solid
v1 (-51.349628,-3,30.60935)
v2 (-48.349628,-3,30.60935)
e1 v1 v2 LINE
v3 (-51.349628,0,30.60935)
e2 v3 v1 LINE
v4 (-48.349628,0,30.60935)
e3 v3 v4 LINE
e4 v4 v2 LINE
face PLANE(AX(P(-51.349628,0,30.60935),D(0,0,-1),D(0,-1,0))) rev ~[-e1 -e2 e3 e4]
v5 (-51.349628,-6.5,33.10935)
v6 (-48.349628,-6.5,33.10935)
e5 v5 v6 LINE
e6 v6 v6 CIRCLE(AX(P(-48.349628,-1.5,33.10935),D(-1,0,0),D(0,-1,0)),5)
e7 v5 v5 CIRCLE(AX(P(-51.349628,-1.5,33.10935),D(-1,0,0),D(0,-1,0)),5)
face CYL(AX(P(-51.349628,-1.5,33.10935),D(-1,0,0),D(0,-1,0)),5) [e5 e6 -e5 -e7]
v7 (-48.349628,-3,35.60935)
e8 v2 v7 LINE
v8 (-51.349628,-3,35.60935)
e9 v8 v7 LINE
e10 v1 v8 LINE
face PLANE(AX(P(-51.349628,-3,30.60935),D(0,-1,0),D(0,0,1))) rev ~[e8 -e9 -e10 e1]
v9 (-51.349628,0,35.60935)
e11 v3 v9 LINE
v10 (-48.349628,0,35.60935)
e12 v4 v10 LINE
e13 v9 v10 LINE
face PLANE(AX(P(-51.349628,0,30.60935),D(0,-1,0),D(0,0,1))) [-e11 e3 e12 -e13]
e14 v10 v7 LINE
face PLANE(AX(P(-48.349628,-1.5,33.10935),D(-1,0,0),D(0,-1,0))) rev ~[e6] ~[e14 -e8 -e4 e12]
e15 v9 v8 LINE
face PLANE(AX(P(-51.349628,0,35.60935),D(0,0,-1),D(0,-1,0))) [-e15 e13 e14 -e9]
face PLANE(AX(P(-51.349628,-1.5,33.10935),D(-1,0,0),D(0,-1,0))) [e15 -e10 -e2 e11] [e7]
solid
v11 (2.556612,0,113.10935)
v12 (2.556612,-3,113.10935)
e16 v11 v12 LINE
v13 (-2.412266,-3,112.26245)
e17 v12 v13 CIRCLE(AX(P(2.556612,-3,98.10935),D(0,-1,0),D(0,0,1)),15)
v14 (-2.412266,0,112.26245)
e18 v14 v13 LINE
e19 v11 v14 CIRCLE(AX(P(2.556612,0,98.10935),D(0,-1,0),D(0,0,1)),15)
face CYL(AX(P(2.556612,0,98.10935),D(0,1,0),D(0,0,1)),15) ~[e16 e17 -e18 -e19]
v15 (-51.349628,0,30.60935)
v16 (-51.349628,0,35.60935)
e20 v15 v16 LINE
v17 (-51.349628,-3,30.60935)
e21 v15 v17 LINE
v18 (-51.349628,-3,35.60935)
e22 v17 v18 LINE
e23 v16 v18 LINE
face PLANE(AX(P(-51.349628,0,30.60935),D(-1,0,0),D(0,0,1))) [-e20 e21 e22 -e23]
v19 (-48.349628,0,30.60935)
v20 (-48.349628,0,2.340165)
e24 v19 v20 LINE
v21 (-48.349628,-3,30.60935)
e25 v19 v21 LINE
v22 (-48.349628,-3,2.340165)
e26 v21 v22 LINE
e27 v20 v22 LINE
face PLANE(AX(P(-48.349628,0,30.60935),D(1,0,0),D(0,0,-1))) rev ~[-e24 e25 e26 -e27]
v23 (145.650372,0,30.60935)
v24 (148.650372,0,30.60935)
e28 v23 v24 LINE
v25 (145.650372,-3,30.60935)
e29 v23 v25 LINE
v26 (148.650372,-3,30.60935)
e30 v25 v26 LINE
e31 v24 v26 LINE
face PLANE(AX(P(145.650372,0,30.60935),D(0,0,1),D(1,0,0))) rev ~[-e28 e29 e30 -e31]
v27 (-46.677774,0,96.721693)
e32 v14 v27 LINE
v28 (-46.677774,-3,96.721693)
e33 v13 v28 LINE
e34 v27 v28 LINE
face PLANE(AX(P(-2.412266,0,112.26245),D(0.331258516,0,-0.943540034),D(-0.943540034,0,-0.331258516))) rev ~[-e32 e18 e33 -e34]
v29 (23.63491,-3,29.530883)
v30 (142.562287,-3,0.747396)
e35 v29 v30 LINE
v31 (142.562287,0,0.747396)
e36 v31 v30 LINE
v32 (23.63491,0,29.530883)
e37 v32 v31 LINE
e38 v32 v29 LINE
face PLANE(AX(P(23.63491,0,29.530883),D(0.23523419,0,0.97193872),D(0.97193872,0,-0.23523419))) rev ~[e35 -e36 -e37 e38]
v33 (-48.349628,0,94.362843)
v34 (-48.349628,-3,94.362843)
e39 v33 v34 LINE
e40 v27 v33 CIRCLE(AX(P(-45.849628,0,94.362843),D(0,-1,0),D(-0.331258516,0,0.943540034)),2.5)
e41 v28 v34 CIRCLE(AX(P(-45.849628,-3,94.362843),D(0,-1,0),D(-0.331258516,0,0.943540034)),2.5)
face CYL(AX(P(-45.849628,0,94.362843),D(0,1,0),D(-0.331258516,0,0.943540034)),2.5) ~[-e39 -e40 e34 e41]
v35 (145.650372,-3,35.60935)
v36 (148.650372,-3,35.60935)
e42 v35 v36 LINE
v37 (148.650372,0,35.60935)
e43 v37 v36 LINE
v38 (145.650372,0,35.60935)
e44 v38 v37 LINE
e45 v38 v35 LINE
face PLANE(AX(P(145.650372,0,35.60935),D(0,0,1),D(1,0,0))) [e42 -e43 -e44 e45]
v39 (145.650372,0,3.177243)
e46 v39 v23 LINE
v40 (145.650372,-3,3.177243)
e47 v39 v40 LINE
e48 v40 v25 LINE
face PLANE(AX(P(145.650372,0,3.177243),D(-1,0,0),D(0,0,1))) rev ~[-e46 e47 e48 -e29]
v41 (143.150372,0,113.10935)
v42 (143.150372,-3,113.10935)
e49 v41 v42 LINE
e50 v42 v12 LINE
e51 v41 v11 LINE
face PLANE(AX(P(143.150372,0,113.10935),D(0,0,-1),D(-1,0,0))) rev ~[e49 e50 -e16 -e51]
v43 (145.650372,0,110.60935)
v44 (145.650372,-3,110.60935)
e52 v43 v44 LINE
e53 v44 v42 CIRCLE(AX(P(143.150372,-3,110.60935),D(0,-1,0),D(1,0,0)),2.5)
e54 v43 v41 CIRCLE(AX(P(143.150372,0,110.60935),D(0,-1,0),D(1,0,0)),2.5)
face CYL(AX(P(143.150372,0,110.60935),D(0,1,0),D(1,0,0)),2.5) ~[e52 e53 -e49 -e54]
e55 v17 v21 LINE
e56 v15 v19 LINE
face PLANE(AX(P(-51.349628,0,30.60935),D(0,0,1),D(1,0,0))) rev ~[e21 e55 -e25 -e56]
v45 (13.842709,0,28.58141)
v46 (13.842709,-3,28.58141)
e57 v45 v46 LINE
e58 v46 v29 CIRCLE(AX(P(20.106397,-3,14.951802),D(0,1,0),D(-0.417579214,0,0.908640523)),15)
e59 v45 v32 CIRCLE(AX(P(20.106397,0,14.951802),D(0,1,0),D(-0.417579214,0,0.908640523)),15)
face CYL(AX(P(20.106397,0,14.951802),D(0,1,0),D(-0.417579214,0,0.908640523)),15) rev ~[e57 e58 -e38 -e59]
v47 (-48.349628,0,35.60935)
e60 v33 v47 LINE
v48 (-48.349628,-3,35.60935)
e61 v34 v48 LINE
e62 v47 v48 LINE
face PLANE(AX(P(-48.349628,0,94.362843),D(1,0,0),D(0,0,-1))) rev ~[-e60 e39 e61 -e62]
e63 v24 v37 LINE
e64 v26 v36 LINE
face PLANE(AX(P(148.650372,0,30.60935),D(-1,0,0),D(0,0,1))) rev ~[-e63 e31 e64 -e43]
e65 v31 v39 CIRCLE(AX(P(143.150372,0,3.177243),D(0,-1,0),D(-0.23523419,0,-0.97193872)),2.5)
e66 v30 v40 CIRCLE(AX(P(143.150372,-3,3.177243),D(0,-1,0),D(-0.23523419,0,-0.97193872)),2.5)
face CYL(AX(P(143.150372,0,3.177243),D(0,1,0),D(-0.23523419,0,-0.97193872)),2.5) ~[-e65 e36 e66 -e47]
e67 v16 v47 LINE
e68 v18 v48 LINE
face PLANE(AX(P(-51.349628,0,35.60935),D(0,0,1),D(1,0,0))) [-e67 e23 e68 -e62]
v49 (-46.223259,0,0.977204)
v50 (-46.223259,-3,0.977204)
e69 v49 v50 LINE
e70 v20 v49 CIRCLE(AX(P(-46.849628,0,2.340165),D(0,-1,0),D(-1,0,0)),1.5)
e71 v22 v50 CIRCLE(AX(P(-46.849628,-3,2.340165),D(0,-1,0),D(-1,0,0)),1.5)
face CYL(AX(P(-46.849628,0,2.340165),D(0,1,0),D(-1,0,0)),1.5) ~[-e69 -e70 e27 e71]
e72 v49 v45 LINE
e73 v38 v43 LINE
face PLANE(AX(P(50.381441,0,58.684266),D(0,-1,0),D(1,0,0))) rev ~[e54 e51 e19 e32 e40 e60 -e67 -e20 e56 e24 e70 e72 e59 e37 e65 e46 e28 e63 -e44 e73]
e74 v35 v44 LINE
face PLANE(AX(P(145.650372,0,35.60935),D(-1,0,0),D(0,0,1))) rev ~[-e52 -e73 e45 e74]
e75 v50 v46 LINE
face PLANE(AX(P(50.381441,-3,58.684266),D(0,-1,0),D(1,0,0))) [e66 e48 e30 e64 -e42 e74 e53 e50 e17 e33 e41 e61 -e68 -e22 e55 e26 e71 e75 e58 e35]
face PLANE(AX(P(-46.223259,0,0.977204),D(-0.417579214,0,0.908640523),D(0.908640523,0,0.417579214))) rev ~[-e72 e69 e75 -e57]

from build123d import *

# Parameters (mm, degrees)
F1_W     = 3
F1_H     = 5
F2_DEPTH = 3
F3_R     = 5
F3_W     = 3
F3_H     = 5
F4_DEPTH = 3


with BuildPart() as f2:
    # F1 (on Front) → F2 (new body)
    with BuildSketch(Plane.XZ):
        with BuildLine():
            ThreePointArc((-46.6777741426, 96.7216931557), (-47.8892804853, 95.8084630547), (-48.3496278524, 94.362843071))
            Line((-48.3496278524, 94.362843071), (-48.3496278524, 35.6093498958))
            Line((-48.3496278524, 35.6093498958), (-45.3496278524, 35.6093498958))
            Line((-45.3496278524, 35.6093498958), (-45.3496278524, 30.6093498958))
            Line((-45.3496278524, 30.6093498958), (-48.3496278524, 30.6093498958))
            Line((-48.3496278524, 30.6093498958), (-48.3496278524, 2.3401650799))
            ThreePointArc((-48.3496278524, 2.3401650799), (-47.6590865504, 1.0773204275), (-46.2232590308, 0.9772042958))
            Line((-46.2232590308, 0.9772042958), (13.8427089941, 28.5814098242))
            ThreePointArc((13.8427089941, 28.5814098242), (18.6587540252, 29.8817828666), (23.6349100642, 29.5308827846))
            Line((23.6349100642, 29.5308827846), (142.562286672, 0.7473961796))
            ThreePointArc((142.562286672, 0.7473961796), (144.6963000746, 1.2125275185), (145.6503721476, 3.17724298))
            Line((145.6503721476, 3.17724298), (145.6503721476, 30.6093498958))
            Line((145.6503721476, 30.6093498958), (142.6503721476, 30.6093498958))
            Line((142.6503721476, 30.6093498958), (142.6503721476, 35.6093498958))
            Line((142.6503721476, 35.6093498958), (145.6503721476, 35.6093498958))
            Line((145.6503721476, 35.6093498958), (145.6503721476, 110.6093498958))
            ThreePointArc((145.6503721476, 110.6093498958), (144.9181391005, 112.3771168488), (143.1503721476, 113.1093498958))
            Line((143.1503721476, 113.1093498958), (2.5566119835, 113.1093498958))
            ThreePointArc((2.5566119835, 113.1093498958), (0.0363448967, 112.8961093045), (-2.4122657575, 112.262450404))
            Line((-2.4122657575, 112.262450404), (-46.6777741426, 96.7216931557))
        make_face()
        with Locations((-46.8496278524, 33.1093498958)):
            Rectangle(F1_W, F1_H)
        with Locations((-49.8496278524, 33.1093498958)):
            Rectangle(F1_W, F1_H)
        with Locations((147.1503721476, 33.1093498958)):
            Rectangle(F1_W, F1_H)
        with Locations((144.1503721476, 33.1093498958)):
            Rectangle(F1_W, F1_H)
    extrude(amount=F2_DEPTH)


with BuildPart() as f4:
    # F3 (on face) → F4 (new body)
    with BuildSketch(Plane(origin=(-51.3496278524, 0, 0), x_dir=(0, -1, 0), z_dir=(-1, 0, 0))):
        with Locations((1.5, 33.1093498958)):
            Circle(F3_R)
        with Locations((1.5, 33.1093498958)):
            Rectangle(F3_W, F3_H, mode=Mode.SUBTRACT)
    extrude(amount=-F4_DEPTH)


solid = Compound([f2.part, f4.part])
